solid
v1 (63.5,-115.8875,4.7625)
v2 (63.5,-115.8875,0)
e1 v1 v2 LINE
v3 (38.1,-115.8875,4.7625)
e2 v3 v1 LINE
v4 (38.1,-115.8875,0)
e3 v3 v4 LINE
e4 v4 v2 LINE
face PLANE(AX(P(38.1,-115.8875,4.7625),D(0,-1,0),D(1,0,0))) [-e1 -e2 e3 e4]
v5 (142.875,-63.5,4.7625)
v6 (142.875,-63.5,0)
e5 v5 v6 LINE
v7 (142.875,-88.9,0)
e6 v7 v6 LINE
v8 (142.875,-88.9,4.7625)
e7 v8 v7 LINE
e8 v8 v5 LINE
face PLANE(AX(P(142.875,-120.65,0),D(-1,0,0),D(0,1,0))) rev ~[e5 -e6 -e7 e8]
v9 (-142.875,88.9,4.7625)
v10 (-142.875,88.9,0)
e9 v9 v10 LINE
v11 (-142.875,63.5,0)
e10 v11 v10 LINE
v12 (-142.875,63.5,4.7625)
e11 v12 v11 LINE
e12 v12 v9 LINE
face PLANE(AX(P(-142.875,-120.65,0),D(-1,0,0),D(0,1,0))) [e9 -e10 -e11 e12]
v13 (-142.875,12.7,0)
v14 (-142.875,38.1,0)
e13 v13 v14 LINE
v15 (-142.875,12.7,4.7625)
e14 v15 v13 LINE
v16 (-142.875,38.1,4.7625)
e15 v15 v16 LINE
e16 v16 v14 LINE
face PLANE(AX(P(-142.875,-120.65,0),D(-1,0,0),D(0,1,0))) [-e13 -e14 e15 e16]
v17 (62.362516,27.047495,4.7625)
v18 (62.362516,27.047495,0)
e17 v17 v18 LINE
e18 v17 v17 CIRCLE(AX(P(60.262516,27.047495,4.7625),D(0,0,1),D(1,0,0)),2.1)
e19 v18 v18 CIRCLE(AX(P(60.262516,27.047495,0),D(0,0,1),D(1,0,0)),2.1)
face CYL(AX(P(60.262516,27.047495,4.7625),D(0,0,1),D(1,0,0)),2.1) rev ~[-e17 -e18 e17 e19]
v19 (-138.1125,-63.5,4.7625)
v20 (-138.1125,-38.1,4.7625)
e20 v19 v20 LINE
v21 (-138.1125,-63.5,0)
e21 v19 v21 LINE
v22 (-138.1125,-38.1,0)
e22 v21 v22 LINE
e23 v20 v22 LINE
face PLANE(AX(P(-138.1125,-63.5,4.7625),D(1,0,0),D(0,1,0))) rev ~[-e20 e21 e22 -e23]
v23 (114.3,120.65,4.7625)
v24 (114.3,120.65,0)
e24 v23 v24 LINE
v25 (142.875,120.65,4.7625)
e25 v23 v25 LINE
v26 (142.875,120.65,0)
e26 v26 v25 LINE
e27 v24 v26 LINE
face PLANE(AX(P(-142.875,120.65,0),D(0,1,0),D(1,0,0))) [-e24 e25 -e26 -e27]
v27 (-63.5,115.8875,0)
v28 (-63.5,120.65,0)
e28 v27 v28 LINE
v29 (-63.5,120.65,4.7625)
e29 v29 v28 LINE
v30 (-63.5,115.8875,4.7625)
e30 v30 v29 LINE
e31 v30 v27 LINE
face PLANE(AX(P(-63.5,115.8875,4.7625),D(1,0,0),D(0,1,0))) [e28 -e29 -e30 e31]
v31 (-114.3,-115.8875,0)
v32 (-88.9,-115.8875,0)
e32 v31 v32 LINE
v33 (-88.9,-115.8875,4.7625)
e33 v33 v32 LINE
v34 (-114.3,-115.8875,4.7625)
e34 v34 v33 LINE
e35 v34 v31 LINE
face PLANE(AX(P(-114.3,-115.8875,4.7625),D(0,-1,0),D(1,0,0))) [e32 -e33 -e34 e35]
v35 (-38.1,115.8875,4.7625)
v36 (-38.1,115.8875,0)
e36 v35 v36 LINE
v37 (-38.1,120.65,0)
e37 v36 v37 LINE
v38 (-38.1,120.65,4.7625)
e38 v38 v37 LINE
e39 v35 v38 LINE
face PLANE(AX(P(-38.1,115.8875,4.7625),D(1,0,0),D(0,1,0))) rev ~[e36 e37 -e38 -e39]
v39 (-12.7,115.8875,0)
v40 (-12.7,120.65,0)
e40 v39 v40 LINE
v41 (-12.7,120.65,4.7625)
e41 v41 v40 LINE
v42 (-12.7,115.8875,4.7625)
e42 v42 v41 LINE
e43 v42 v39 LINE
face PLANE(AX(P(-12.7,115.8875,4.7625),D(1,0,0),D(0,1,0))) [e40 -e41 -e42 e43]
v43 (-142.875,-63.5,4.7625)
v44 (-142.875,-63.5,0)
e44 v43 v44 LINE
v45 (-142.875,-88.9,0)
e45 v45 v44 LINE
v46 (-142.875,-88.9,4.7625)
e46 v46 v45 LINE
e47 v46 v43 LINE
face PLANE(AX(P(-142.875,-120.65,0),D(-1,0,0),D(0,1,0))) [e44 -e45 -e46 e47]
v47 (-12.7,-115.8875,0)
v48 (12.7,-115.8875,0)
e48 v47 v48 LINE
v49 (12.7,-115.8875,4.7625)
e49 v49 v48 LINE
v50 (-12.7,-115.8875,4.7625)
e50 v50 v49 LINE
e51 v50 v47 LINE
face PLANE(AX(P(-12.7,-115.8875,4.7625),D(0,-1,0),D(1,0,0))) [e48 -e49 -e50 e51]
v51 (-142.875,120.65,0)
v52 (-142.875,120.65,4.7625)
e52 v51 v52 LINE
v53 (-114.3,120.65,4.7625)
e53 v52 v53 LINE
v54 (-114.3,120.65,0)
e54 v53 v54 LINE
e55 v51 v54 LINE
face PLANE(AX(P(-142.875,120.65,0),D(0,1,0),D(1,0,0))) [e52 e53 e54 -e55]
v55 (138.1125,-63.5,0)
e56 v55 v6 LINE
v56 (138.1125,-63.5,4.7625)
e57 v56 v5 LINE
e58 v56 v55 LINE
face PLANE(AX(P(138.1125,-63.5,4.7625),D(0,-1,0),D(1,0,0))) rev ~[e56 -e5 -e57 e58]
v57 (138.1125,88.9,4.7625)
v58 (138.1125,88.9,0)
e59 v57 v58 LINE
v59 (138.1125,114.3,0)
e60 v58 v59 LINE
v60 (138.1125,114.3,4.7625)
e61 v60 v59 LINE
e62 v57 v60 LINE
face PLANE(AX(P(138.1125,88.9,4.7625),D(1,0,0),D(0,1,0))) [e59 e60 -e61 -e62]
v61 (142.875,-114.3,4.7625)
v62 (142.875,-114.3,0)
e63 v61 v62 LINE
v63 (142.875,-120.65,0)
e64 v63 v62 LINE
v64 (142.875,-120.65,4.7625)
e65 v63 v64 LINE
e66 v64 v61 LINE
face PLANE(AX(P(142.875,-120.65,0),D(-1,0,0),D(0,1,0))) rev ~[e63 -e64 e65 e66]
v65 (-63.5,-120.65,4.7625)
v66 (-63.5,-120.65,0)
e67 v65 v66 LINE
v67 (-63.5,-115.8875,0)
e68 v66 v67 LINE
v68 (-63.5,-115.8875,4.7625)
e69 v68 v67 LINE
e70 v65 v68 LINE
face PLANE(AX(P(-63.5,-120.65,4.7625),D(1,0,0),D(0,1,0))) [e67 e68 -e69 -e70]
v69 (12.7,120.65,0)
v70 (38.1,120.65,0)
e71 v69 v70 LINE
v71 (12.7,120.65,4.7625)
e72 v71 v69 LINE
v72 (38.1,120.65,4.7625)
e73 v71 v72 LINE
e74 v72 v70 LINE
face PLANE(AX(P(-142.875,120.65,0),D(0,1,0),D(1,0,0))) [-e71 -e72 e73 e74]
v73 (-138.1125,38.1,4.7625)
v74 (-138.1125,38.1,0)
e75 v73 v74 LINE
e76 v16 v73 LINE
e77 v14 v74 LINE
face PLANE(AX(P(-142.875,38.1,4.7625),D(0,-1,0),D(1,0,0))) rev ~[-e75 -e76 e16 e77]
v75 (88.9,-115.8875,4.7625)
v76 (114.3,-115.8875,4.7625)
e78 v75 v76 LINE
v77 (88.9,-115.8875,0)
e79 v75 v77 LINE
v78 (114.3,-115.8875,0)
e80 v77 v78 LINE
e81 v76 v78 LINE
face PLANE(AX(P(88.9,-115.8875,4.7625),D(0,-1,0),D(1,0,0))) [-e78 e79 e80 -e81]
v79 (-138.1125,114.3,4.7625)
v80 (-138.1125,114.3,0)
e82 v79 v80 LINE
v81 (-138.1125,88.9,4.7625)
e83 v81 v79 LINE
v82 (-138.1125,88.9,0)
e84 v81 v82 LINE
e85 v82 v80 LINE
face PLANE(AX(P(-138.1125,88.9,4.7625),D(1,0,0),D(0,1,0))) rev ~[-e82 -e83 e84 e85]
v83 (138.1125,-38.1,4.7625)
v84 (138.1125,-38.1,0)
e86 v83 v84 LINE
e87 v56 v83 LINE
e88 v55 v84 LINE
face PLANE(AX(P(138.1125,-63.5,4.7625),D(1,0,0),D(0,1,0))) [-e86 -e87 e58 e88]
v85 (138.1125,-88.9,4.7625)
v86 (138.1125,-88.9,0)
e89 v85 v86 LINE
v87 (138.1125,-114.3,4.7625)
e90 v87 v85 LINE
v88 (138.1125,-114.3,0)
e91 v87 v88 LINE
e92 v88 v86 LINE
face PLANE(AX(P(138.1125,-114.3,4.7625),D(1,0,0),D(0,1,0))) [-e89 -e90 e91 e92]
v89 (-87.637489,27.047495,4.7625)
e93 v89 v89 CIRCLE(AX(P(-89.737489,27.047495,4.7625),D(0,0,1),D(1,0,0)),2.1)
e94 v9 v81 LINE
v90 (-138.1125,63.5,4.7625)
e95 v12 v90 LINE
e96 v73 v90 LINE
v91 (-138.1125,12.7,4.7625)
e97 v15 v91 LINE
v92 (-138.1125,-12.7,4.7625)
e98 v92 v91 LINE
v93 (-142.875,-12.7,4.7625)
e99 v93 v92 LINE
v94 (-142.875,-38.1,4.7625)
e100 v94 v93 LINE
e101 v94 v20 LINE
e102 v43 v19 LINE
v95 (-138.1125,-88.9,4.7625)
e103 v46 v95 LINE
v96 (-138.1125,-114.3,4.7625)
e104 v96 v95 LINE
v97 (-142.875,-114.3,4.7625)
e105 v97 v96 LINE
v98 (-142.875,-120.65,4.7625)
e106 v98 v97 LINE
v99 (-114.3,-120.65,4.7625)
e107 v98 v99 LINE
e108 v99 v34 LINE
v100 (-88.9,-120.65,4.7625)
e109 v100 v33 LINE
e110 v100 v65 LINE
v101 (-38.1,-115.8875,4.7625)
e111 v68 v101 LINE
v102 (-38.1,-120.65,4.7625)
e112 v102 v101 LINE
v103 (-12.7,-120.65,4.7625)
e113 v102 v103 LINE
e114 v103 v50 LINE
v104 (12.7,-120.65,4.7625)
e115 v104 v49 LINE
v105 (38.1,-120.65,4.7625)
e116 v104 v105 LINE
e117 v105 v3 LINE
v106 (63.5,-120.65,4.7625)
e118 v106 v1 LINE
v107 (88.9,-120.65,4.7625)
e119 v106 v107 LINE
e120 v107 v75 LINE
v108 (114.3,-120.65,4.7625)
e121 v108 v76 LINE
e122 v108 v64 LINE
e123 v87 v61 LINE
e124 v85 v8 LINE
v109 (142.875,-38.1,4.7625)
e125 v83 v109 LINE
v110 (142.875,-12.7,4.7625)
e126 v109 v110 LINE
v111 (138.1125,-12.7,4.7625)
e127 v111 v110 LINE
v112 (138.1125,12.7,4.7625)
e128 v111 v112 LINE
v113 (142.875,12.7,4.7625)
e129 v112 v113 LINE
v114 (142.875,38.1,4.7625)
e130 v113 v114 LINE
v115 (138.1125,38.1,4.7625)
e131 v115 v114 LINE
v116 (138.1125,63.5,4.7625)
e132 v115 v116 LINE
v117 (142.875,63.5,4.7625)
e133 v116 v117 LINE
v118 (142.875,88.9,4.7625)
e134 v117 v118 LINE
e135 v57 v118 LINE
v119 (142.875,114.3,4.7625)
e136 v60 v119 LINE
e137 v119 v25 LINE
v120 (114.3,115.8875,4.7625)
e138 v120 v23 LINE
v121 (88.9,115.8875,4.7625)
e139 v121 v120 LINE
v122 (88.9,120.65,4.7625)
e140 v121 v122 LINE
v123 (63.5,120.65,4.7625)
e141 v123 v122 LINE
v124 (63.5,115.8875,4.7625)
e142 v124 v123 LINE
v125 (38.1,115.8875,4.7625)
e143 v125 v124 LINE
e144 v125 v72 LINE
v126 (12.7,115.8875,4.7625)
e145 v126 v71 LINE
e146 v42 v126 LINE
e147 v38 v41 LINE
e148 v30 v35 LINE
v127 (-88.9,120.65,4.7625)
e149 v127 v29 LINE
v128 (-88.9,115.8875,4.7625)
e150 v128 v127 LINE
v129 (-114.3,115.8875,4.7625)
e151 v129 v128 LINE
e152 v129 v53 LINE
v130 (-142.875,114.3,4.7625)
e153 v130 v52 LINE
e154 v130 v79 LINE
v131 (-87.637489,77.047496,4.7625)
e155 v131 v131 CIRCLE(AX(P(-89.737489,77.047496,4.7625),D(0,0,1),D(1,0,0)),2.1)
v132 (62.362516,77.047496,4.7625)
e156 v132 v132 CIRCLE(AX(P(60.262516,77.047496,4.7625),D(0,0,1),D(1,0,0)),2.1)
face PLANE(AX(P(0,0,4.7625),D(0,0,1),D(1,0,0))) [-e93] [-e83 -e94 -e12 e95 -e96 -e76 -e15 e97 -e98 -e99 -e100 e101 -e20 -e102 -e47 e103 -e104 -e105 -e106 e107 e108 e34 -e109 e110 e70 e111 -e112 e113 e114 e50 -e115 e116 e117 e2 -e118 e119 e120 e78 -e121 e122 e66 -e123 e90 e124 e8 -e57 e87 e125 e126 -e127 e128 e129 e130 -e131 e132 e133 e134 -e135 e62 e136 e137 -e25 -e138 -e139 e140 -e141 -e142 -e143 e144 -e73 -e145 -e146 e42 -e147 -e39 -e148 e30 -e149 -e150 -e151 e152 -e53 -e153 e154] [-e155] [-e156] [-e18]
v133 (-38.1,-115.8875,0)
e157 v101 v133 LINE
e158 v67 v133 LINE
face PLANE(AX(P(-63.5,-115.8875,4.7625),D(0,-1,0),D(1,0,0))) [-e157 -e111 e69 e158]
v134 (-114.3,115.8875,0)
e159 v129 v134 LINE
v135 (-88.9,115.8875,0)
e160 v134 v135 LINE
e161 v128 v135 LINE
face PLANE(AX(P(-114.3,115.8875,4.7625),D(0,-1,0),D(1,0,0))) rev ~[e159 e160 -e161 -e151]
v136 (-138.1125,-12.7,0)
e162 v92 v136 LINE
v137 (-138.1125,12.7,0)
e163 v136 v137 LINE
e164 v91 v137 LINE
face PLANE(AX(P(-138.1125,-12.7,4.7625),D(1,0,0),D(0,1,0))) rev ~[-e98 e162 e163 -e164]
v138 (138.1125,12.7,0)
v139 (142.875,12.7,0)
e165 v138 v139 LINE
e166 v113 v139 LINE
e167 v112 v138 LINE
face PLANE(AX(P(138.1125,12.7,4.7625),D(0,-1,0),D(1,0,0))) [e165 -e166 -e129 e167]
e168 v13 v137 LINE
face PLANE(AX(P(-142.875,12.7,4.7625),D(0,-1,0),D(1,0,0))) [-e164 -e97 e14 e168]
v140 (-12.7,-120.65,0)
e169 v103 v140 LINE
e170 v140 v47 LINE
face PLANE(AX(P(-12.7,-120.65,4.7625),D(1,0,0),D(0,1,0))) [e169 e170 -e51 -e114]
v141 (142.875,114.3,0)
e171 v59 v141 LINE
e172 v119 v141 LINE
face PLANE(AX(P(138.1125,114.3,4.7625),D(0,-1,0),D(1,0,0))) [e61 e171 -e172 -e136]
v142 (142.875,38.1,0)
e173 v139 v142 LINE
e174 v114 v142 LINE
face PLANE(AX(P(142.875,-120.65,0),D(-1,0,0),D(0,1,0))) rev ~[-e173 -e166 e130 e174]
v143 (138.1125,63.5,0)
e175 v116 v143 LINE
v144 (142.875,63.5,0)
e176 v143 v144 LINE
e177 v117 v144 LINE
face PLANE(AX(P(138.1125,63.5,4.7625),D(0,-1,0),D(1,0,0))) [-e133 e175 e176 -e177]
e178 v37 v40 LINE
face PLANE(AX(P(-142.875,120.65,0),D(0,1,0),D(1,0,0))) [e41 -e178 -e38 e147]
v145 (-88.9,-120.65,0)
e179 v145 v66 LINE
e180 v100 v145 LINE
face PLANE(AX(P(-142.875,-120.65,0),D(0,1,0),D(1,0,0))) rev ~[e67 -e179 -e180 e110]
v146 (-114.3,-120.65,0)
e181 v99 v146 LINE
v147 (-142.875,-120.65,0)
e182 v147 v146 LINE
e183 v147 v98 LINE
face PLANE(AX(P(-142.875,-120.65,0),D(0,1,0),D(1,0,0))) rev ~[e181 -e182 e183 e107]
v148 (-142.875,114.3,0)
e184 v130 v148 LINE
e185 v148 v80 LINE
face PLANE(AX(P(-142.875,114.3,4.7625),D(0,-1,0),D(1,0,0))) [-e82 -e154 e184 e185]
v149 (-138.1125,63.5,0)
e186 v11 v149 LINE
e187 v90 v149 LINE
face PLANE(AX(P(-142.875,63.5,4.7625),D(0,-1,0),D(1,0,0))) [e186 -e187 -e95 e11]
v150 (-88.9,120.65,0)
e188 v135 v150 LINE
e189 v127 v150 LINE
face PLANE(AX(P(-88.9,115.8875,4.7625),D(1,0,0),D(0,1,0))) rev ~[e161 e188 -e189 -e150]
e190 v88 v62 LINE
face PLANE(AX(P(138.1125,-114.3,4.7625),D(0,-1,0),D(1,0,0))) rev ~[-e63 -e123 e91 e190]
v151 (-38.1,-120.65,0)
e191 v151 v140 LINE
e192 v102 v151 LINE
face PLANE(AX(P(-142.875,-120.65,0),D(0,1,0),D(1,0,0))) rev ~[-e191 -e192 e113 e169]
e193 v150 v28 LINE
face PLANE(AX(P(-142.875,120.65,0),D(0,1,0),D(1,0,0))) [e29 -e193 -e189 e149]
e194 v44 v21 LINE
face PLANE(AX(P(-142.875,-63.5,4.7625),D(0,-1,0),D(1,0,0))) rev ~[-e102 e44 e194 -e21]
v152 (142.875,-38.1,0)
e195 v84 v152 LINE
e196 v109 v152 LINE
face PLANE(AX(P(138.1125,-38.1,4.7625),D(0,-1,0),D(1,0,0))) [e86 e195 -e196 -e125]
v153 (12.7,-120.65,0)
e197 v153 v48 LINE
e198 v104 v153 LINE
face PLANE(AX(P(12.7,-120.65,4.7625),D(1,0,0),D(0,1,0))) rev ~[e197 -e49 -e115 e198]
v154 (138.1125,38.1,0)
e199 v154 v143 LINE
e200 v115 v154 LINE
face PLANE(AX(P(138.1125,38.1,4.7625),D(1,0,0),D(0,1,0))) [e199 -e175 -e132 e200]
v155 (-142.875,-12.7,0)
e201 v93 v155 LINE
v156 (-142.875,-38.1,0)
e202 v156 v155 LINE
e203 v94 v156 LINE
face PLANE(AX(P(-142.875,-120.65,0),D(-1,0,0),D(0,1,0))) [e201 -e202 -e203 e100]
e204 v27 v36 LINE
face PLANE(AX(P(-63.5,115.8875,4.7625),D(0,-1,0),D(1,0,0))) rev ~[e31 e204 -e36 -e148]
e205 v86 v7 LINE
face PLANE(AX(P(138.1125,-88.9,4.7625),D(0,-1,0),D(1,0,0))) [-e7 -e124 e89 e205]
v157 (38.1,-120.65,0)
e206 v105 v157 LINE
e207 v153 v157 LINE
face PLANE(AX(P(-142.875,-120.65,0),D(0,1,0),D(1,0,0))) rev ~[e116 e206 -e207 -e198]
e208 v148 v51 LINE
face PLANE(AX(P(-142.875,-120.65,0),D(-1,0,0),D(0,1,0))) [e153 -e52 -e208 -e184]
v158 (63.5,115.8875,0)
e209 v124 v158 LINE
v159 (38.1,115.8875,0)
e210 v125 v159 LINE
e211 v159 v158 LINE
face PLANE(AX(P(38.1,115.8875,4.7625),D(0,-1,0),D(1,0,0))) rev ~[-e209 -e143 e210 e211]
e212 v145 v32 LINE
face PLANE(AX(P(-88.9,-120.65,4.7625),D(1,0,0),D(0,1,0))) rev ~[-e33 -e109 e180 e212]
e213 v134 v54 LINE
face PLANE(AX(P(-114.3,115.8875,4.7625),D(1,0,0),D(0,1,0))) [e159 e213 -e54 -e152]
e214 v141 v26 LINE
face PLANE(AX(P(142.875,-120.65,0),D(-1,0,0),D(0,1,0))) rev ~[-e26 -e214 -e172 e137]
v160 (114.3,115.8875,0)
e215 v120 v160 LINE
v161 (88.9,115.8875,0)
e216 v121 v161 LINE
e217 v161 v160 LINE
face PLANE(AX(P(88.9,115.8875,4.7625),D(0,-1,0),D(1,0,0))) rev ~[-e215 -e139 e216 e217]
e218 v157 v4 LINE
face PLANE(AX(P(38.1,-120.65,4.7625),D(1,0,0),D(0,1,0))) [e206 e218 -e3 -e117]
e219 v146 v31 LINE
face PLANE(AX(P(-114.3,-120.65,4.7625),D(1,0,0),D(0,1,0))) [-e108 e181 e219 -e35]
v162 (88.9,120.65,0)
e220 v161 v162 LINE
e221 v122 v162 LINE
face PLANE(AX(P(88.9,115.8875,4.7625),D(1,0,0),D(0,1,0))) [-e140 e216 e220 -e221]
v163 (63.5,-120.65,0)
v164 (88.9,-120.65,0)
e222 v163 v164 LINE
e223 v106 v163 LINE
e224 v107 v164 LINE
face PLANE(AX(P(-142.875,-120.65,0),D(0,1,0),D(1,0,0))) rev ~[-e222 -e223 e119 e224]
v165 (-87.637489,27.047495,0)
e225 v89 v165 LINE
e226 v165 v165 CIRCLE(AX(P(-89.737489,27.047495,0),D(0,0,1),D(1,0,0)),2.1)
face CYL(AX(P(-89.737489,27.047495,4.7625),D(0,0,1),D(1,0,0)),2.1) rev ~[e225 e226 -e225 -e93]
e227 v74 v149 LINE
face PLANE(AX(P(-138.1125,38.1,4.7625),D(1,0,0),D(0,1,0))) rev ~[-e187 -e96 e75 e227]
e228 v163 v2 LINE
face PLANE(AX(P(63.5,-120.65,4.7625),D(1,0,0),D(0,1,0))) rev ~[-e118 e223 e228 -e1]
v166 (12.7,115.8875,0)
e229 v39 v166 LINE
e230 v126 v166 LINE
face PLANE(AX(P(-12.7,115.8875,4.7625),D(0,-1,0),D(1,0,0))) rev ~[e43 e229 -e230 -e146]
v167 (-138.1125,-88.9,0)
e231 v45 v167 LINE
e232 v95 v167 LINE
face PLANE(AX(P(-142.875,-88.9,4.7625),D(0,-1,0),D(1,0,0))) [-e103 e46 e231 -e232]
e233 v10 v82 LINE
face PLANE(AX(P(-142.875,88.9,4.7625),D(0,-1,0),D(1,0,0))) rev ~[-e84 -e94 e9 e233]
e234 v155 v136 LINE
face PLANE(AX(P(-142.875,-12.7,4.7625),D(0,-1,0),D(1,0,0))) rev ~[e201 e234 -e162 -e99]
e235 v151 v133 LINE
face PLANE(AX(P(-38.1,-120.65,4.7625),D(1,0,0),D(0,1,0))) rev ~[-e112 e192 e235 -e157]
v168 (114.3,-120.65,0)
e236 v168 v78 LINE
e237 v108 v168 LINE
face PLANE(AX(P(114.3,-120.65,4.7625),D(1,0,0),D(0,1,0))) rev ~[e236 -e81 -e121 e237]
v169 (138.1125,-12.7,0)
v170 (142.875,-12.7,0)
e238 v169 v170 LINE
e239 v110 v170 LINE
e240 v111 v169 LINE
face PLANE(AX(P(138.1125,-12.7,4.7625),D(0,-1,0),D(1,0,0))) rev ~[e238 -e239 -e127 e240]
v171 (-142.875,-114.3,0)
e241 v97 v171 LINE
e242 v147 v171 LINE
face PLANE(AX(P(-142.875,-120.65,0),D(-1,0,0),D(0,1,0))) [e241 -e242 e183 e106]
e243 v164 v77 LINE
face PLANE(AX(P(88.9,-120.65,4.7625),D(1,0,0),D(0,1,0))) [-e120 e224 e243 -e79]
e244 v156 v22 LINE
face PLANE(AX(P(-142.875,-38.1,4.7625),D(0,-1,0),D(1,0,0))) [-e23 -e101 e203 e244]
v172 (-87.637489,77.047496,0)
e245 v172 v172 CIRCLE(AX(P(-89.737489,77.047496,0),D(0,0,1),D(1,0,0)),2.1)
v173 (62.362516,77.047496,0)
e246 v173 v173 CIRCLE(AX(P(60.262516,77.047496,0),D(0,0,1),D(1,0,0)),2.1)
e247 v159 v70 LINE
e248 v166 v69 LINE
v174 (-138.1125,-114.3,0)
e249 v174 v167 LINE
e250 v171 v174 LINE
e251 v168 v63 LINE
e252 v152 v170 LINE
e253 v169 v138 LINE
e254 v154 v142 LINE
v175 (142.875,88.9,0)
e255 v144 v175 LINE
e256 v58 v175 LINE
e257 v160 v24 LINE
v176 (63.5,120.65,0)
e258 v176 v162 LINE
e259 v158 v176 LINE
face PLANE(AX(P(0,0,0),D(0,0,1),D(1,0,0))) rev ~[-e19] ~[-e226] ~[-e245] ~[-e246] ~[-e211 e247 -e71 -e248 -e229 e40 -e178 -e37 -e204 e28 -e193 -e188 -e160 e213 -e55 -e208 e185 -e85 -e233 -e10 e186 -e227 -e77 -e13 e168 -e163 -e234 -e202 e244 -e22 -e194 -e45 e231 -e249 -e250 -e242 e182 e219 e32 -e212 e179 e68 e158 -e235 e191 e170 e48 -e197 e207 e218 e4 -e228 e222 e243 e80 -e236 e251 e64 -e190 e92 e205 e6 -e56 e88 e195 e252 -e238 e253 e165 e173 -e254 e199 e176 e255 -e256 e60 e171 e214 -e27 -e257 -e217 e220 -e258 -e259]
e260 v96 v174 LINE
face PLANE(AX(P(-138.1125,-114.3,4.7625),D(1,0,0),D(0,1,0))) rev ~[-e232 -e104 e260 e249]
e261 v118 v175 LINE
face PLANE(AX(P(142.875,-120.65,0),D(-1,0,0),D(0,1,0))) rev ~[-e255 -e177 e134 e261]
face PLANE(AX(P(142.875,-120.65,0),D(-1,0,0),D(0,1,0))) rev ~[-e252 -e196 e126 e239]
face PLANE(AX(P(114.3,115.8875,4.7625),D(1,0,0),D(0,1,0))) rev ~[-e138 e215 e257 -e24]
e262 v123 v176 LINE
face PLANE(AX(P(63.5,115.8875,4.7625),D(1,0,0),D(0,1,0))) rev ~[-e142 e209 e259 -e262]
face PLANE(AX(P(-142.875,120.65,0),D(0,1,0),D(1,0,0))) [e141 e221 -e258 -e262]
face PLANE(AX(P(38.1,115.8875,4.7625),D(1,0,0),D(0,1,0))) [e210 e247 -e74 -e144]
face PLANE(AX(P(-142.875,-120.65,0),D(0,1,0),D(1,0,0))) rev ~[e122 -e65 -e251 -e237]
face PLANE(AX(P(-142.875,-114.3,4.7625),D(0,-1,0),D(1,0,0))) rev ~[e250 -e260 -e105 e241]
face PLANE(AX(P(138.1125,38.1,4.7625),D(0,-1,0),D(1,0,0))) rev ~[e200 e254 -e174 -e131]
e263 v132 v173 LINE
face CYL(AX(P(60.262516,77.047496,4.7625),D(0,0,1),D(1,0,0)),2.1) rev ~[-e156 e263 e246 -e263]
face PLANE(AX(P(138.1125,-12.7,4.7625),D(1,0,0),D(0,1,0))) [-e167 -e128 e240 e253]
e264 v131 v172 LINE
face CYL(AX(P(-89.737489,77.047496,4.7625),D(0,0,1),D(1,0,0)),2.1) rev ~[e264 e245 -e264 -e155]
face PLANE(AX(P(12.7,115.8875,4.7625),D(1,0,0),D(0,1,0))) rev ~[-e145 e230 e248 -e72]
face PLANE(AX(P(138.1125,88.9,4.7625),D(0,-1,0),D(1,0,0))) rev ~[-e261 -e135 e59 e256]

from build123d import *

# Parameters (mm, degrees)
F0_W     = 285.75
F0_H     = 241.3
F1_DEPTH = 4.7625
F2_R     = 2.1
F3_DEPTH = 25.4
F4_W     = 25.4
F4_H     = 4.7625
F4_W_2   = 4.7625
F4_H_2   = 25.4
F5_DEPTH = 25.4


with BuildPart() as f1:
    # F0 (on Top) → F1 (new body)
    with BuildSketch(Plane.XY):
        Rectangle(F0_W, F0_H)
    extrude(amount=F1_DEPTH)

    # F2 (on face) → F3 (cut)
    with BuildSketch(Plane.XY.offset(4.7625)):
        with Locations((-89.737489, 77.047496)):
            Circle(F2_R)
        with Locations((-89.737489, 27.047495)):
            Circle(F2_R)
        with Locations((60.262516, 77.047496)):
            Circle(F2_R)
        with Locations((60.262516, 27.047495)):
            Circle(F2_R)
    extrude(amount=-F3_DEPTH, mode=Mode.SUBTRACT)

    # F4 (on face) → F5 (cut)
    with BuildSketch(Plane.XY.offset(4.7625)):
        with Locations((0, -118.26875)):
            Rectangle(F4_W, F4_H)
        with Locations((50.8, -118.26875)):
            Rectangle(F4_W, F4_H)
        with Locations((101.6, -118.26875)):
            Rectangle(F4_W, F4_H)
        with Locations((-50.8, -118.26875)):
            Rectangle(F4_W, F4_H)
        with Locations((-101.6, -118.26875)):
            Rectangle(F4_W, F4_H)
        with Locations((-101.6, 118.26875)):
            Rectangle(F4_W, F4_H)
        with Locations((-50.8, 118.26875)):
            Rectangle(F4_W, F4_H)
        with Locations((0, 118.26875)):
            Rectangle(F4_W, F4_H)
        with Locations((50.8, 118.26875)):
            Rectangle(F4_W, F4_H)
        with Locations((101.6, 118.26875)):
            Rectangle(F4_W, F4_H)
        with Locations((140.49375, 0)):
            Rectangle(F4_W_2, F4_H_2)
        with Locations((140.49375, 50.8)):
            Rectangle(F4_W_2, F4_H_2)
        with Locations((140.49375, 101.6)):
            Rectangle(F4_W_2, F4_H_2)
        with Locations((140.49375, -50.8)):
            Rectangle(F4_W_2, F4_H_2)
        with Locations((140.49375, -101.6)):
            Rectangle(F4_W_2, F4_H_2)
        with Locations((-140.49375, 101.6)):
            Rectangle(F4_W_2, F4_H_2)
        with Locations((-140.49375, 50.8)):
            Rectangle(F4_W_2, F4_H_2)
        with Locations((-140.49375, 0)):
            Rectangle(F4_W_2, F4_H_2)
        with Locations((-140.49375, -50.8)):
            Rectangle(F4_W_2, F4_H_2)
        with Locations((-140.49375, -101.6)):
            Rectangle(F4_W_2, F4_H_2)
    extrude(amount=-F5_DEPTH, mode=Mode.SUBTRACT)


solid = f1.part
